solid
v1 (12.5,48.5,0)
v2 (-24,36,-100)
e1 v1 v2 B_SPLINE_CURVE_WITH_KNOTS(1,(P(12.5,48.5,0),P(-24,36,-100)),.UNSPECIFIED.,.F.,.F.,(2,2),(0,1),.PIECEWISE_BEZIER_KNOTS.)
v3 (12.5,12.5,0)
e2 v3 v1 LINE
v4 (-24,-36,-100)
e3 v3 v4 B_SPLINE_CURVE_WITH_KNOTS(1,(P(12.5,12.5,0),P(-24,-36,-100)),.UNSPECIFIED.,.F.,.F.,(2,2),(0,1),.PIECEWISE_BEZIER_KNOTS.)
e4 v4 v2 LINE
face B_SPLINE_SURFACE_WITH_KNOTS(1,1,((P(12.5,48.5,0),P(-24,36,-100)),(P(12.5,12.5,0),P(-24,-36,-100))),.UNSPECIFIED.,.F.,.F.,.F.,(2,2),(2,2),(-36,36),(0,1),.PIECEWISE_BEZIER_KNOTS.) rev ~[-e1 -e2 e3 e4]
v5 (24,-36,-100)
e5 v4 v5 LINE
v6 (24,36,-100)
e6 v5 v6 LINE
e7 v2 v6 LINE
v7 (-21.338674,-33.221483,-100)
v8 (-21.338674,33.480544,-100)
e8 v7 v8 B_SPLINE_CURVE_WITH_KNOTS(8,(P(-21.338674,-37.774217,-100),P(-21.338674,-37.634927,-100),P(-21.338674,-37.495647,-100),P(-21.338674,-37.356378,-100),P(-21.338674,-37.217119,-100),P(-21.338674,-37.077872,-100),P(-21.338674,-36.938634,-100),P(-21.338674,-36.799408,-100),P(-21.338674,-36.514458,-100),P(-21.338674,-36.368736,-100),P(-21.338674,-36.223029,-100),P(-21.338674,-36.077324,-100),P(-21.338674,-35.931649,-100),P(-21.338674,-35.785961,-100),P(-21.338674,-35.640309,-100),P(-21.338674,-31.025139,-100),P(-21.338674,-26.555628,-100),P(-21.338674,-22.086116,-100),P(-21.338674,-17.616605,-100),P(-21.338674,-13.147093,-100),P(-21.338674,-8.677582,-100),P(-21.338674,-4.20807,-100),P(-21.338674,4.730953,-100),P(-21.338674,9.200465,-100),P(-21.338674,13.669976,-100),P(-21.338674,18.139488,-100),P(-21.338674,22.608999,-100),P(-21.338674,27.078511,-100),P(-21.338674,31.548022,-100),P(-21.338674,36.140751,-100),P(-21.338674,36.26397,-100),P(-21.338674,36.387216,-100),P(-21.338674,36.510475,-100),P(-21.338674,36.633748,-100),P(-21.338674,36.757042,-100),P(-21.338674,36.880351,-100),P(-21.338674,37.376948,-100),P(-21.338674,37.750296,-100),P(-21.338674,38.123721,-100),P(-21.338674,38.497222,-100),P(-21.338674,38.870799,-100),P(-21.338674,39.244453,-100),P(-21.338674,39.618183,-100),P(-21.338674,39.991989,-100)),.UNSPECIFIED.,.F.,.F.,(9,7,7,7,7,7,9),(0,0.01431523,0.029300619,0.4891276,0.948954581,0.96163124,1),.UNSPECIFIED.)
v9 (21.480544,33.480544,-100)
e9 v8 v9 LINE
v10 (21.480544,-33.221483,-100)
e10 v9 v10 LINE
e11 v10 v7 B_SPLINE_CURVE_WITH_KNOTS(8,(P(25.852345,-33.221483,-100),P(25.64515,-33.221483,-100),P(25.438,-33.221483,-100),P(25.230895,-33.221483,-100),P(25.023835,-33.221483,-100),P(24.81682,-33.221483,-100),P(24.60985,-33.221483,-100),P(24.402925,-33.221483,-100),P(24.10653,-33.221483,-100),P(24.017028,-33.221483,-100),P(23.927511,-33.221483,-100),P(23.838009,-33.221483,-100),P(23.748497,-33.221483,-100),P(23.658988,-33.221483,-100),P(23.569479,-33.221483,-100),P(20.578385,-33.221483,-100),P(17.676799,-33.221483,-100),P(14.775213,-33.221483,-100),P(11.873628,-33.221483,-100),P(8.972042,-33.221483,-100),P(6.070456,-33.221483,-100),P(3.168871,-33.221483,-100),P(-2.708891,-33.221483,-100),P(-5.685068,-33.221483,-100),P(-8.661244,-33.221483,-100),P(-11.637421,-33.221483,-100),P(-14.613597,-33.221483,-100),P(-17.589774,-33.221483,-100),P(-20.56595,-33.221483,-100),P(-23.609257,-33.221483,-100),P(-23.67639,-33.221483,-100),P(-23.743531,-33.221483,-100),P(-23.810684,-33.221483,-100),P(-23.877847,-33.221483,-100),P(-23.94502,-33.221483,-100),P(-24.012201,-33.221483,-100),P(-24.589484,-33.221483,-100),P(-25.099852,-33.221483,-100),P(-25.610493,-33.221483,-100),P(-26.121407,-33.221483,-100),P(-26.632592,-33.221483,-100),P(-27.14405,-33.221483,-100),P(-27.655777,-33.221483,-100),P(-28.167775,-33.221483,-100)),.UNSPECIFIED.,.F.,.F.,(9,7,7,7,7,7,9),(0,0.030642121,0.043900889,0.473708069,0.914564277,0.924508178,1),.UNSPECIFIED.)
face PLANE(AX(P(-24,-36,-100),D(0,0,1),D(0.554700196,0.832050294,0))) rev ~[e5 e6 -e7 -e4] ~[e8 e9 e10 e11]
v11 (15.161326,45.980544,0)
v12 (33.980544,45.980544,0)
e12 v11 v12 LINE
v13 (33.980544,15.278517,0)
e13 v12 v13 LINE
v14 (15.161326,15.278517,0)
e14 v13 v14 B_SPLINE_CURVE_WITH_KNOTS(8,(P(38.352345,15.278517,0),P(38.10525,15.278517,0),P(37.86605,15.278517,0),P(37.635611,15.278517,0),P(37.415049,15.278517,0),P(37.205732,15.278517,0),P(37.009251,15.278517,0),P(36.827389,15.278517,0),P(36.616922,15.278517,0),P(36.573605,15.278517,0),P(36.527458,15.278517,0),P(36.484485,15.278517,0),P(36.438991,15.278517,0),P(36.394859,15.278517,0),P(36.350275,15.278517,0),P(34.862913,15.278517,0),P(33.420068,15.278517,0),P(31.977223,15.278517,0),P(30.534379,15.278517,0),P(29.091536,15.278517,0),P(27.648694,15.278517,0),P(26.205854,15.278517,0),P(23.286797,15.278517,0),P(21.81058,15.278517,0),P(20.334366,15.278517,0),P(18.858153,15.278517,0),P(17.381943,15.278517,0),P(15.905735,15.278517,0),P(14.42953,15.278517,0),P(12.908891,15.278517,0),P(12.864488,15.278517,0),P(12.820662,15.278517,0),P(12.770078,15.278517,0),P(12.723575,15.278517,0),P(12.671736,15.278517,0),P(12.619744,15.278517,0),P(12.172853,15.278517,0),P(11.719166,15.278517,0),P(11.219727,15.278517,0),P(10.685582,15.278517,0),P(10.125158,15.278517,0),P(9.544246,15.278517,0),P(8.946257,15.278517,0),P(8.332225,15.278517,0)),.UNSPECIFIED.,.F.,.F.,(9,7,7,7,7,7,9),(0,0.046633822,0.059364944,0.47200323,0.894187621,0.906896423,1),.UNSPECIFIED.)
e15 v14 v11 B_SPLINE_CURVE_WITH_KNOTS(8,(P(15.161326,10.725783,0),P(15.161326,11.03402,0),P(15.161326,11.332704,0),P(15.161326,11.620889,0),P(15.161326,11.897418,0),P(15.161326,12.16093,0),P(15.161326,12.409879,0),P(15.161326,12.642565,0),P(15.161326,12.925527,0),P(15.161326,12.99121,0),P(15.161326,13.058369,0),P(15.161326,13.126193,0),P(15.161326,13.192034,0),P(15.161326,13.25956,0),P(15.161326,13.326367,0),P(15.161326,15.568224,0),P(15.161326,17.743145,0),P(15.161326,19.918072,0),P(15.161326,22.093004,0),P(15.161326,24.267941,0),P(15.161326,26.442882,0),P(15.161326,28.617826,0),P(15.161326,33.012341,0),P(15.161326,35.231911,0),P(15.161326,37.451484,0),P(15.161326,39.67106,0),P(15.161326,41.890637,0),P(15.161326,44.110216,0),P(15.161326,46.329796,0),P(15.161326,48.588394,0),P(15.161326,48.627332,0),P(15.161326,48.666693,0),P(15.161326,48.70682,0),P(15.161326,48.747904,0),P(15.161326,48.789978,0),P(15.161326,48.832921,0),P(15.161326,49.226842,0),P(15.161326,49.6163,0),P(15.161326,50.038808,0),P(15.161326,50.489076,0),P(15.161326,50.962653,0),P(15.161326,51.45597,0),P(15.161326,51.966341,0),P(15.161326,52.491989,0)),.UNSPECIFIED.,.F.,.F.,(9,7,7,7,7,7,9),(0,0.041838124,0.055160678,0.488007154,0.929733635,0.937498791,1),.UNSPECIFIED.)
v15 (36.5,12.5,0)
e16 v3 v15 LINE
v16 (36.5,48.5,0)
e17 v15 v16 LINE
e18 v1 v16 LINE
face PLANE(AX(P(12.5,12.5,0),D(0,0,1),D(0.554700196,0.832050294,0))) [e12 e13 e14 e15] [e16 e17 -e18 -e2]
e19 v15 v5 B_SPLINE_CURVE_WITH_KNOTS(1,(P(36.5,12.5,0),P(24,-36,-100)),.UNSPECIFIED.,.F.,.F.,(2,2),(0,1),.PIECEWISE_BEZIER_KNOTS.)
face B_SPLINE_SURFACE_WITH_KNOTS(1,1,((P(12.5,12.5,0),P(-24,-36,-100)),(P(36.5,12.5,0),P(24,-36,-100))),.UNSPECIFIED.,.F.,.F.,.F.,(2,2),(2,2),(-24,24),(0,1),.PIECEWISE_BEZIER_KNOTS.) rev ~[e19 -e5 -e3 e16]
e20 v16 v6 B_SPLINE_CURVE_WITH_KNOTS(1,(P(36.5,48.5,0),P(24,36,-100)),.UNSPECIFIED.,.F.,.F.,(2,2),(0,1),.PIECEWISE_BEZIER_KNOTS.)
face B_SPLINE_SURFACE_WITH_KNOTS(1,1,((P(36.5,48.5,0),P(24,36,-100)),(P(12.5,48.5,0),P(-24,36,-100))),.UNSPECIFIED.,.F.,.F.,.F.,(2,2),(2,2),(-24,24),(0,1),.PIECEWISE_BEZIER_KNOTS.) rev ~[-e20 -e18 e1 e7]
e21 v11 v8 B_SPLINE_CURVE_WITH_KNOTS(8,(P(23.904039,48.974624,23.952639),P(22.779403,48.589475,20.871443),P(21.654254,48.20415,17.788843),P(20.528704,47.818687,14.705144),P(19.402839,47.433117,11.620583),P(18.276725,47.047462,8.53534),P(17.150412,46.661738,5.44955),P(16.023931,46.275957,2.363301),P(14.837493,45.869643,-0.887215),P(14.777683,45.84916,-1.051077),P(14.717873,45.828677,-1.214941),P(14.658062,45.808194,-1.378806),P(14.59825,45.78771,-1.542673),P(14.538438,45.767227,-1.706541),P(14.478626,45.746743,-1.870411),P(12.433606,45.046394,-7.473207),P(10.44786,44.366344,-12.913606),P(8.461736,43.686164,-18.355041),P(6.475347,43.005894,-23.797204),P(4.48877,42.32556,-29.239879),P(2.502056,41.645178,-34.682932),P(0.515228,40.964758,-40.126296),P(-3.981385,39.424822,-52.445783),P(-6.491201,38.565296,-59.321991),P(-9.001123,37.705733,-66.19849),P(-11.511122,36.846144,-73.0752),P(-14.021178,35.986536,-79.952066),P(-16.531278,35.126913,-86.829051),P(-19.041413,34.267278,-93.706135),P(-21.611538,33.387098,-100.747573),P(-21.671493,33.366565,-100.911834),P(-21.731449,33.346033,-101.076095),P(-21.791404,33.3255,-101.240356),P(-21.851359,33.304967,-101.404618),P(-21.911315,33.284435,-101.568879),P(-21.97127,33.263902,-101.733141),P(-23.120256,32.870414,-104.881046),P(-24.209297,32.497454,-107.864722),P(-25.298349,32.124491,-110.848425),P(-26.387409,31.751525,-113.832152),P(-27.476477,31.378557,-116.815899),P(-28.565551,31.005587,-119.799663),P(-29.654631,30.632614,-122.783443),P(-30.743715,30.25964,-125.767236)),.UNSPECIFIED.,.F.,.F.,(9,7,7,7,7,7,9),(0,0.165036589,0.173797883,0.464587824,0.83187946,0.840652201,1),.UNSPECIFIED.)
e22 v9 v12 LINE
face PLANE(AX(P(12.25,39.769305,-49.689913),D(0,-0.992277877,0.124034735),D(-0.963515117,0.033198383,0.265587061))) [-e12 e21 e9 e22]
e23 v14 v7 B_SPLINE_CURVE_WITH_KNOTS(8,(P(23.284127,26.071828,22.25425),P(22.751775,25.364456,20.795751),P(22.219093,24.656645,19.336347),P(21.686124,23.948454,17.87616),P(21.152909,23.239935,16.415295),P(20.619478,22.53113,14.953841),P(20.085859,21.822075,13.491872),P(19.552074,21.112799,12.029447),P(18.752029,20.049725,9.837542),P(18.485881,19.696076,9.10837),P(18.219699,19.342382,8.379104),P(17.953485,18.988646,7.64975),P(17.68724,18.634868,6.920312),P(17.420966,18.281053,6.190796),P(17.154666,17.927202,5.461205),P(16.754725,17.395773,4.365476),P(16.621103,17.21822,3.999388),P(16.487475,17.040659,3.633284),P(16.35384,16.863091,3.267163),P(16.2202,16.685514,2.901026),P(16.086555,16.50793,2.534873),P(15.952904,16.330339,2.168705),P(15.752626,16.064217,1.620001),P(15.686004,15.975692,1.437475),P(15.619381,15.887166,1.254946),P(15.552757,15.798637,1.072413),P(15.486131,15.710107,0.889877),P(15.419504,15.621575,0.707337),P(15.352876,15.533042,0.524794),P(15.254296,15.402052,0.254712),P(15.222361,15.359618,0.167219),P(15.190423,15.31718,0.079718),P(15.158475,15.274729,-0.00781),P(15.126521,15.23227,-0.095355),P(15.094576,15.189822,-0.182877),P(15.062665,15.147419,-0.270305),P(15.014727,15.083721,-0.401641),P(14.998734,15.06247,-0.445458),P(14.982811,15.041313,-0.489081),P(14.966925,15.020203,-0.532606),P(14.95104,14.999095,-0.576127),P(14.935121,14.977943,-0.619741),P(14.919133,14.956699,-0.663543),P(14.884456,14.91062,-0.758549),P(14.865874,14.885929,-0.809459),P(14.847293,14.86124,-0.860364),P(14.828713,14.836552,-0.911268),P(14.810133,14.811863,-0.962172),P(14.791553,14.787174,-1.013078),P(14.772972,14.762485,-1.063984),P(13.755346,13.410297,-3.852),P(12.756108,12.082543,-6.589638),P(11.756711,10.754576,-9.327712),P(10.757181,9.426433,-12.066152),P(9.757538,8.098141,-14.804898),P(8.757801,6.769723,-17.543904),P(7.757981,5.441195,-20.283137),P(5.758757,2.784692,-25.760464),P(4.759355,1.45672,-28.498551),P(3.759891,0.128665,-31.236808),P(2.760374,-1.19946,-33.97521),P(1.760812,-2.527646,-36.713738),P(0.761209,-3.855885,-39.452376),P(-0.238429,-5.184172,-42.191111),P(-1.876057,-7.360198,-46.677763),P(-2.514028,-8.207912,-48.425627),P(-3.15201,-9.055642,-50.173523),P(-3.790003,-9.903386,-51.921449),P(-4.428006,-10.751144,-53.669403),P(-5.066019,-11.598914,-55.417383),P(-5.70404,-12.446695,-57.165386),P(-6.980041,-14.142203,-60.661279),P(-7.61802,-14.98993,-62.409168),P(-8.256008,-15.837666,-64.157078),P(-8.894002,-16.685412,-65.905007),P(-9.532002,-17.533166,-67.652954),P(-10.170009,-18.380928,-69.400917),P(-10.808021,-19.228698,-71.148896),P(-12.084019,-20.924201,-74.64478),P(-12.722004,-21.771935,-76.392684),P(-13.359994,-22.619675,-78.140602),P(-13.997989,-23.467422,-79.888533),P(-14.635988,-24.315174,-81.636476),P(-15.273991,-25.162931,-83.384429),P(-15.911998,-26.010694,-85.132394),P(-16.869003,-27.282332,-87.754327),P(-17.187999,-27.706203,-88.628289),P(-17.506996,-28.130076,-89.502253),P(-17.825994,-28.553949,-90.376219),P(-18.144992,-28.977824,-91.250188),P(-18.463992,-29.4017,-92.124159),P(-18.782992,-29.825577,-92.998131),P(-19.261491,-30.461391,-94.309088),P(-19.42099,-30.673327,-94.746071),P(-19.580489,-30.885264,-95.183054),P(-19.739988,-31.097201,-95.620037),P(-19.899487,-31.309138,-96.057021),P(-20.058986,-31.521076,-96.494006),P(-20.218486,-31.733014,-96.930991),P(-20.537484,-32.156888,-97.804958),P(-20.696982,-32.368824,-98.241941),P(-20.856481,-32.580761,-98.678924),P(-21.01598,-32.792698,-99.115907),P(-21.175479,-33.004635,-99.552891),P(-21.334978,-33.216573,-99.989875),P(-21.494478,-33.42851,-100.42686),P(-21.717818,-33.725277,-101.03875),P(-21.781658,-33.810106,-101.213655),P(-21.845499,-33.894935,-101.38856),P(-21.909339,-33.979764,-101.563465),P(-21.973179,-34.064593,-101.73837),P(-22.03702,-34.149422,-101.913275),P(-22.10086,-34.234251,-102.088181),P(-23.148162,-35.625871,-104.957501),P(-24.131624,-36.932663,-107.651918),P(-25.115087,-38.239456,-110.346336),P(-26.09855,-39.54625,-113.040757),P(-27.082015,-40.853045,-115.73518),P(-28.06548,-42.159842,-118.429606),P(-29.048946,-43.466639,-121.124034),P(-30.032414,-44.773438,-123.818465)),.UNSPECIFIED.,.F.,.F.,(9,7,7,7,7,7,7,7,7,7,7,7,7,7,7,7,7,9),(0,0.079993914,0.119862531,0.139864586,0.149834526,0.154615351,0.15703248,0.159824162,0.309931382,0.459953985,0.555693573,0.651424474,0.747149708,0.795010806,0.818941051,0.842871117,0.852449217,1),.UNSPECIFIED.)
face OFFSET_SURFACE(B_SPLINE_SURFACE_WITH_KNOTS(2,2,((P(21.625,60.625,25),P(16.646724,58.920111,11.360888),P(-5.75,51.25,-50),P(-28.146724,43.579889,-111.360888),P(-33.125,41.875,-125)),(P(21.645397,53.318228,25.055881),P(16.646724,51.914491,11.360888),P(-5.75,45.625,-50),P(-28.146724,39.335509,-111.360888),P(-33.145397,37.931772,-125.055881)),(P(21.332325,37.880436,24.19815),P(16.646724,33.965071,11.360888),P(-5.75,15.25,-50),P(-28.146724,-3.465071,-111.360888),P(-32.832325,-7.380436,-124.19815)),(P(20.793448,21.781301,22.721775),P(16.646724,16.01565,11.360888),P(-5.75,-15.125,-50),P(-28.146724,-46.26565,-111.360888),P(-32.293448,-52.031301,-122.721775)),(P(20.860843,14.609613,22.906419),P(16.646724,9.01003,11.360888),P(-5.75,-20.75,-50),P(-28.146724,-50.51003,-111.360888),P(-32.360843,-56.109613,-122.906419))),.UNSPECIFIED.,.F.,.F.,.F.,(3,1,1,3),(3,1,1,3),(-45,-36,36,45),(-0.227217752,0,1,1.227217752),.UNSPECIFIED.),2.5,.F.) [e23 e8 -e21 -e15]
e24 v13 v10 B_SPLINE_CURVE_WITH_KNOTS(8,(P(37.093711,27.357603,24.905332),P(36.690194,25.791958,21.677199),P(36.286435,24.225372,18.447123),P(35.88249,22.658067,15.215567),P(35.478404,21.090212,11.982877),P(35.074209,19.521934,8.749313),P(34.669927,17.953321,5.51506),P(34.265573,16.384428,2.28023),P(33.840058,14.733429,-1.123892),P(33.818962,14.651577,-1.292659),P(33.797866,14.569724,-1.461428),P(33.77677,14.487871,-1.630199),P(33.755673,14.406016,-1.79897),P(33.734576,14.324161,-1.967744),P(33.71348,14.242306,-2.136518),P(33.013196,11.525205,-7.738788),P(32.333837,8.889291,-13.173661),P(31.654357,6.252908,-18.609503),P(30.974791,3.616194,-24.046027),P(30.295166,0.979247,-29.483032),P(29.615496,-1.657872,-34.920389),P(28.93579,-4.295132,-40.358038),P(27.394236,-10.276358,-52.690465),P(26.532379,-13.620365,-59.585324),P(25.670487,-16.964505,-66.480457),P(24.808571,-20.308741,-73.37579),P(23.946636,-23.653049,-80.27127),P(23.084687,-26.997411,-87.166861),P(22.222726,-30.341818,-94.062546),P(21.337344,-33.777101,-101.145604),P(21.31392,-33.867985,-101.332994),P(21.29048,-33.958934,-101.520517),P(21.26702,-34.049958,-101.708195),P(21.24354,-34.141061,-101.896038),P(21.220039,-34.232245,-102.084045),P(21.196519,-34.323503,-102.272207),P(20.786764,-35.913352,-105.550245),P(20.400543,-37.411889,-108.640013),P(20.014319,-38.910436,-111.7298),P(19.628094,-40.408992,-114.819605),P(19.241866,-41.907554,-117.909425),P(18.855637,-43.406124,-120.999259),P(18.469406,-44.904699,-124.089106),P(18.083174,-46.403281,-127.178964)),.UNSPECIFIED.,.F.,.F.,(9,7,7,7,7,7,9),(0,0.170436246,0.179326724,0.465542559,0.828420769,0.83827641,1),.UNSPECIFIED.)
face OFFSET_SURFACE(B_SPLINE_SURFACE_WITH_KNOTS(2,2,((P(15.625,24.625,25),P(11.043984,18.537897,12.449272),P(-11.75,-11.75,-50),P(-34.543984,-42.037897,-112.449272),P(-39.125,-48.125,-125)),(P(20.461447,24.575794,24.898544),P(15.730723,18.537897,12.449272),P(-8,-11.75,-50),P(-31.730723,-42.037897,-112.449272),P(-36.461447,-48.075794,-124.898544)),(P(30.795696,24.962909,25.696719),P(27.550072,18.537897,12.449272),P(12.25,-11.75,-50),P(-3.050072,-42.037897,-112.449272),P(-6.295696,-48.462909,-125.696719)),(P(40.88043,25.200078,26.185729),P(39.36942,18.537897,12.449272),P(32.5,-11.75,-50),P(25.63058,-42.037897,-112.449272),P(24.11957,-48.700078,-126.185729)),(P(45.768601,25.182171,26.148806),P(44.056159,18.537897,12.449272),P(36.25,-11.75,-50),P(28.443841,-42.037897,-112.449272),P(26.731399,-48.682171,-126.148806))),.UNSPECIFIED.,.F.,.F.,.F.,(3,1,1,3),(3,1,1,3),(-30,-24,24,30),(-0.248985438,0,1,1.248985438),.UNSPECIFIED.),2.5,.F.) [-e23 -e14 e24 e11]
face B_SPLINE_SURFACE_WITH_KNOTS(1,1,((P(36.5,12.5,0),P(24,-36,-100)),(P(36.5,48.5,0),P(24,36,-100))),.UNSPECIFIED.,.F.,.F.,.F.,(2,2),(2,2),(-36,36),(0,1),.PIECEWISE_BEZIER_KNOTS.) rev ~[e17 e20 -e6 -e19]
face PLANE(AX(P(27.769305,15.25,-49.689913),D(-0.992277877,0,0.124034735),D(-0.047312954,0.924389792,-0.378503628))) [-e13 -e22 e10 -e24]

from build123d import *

# Parameters (mm, degrees)
F0_W = 24
F0_H = 36
F3_W = 48
F3_H = 72
F5_T = -2.5


with BuildPart() as f4:
    # F0 (on Top) → F4 section 0
    with BuildSketch(Plane.XY):
        with Locations((24.5, 30.5)):
            Rectangle(F0_W, F0_H)
    # F3 (on offset) → F4 section 1
    with BuildSketch(Plane.XY.offset(-100)):
        Rectangle(F3_W, F3_H)
    loft()

    # F5
    f5_openings = [f4.faces().sort_by_distance(p)[0] for p in [
        (24.5, 30.5, 0),
        (0, 0, -100),
    ]]
    offset(amount=F5_T, openings=f5_openings, kind=Kind.INTERSECTION)


solid = f4.part
